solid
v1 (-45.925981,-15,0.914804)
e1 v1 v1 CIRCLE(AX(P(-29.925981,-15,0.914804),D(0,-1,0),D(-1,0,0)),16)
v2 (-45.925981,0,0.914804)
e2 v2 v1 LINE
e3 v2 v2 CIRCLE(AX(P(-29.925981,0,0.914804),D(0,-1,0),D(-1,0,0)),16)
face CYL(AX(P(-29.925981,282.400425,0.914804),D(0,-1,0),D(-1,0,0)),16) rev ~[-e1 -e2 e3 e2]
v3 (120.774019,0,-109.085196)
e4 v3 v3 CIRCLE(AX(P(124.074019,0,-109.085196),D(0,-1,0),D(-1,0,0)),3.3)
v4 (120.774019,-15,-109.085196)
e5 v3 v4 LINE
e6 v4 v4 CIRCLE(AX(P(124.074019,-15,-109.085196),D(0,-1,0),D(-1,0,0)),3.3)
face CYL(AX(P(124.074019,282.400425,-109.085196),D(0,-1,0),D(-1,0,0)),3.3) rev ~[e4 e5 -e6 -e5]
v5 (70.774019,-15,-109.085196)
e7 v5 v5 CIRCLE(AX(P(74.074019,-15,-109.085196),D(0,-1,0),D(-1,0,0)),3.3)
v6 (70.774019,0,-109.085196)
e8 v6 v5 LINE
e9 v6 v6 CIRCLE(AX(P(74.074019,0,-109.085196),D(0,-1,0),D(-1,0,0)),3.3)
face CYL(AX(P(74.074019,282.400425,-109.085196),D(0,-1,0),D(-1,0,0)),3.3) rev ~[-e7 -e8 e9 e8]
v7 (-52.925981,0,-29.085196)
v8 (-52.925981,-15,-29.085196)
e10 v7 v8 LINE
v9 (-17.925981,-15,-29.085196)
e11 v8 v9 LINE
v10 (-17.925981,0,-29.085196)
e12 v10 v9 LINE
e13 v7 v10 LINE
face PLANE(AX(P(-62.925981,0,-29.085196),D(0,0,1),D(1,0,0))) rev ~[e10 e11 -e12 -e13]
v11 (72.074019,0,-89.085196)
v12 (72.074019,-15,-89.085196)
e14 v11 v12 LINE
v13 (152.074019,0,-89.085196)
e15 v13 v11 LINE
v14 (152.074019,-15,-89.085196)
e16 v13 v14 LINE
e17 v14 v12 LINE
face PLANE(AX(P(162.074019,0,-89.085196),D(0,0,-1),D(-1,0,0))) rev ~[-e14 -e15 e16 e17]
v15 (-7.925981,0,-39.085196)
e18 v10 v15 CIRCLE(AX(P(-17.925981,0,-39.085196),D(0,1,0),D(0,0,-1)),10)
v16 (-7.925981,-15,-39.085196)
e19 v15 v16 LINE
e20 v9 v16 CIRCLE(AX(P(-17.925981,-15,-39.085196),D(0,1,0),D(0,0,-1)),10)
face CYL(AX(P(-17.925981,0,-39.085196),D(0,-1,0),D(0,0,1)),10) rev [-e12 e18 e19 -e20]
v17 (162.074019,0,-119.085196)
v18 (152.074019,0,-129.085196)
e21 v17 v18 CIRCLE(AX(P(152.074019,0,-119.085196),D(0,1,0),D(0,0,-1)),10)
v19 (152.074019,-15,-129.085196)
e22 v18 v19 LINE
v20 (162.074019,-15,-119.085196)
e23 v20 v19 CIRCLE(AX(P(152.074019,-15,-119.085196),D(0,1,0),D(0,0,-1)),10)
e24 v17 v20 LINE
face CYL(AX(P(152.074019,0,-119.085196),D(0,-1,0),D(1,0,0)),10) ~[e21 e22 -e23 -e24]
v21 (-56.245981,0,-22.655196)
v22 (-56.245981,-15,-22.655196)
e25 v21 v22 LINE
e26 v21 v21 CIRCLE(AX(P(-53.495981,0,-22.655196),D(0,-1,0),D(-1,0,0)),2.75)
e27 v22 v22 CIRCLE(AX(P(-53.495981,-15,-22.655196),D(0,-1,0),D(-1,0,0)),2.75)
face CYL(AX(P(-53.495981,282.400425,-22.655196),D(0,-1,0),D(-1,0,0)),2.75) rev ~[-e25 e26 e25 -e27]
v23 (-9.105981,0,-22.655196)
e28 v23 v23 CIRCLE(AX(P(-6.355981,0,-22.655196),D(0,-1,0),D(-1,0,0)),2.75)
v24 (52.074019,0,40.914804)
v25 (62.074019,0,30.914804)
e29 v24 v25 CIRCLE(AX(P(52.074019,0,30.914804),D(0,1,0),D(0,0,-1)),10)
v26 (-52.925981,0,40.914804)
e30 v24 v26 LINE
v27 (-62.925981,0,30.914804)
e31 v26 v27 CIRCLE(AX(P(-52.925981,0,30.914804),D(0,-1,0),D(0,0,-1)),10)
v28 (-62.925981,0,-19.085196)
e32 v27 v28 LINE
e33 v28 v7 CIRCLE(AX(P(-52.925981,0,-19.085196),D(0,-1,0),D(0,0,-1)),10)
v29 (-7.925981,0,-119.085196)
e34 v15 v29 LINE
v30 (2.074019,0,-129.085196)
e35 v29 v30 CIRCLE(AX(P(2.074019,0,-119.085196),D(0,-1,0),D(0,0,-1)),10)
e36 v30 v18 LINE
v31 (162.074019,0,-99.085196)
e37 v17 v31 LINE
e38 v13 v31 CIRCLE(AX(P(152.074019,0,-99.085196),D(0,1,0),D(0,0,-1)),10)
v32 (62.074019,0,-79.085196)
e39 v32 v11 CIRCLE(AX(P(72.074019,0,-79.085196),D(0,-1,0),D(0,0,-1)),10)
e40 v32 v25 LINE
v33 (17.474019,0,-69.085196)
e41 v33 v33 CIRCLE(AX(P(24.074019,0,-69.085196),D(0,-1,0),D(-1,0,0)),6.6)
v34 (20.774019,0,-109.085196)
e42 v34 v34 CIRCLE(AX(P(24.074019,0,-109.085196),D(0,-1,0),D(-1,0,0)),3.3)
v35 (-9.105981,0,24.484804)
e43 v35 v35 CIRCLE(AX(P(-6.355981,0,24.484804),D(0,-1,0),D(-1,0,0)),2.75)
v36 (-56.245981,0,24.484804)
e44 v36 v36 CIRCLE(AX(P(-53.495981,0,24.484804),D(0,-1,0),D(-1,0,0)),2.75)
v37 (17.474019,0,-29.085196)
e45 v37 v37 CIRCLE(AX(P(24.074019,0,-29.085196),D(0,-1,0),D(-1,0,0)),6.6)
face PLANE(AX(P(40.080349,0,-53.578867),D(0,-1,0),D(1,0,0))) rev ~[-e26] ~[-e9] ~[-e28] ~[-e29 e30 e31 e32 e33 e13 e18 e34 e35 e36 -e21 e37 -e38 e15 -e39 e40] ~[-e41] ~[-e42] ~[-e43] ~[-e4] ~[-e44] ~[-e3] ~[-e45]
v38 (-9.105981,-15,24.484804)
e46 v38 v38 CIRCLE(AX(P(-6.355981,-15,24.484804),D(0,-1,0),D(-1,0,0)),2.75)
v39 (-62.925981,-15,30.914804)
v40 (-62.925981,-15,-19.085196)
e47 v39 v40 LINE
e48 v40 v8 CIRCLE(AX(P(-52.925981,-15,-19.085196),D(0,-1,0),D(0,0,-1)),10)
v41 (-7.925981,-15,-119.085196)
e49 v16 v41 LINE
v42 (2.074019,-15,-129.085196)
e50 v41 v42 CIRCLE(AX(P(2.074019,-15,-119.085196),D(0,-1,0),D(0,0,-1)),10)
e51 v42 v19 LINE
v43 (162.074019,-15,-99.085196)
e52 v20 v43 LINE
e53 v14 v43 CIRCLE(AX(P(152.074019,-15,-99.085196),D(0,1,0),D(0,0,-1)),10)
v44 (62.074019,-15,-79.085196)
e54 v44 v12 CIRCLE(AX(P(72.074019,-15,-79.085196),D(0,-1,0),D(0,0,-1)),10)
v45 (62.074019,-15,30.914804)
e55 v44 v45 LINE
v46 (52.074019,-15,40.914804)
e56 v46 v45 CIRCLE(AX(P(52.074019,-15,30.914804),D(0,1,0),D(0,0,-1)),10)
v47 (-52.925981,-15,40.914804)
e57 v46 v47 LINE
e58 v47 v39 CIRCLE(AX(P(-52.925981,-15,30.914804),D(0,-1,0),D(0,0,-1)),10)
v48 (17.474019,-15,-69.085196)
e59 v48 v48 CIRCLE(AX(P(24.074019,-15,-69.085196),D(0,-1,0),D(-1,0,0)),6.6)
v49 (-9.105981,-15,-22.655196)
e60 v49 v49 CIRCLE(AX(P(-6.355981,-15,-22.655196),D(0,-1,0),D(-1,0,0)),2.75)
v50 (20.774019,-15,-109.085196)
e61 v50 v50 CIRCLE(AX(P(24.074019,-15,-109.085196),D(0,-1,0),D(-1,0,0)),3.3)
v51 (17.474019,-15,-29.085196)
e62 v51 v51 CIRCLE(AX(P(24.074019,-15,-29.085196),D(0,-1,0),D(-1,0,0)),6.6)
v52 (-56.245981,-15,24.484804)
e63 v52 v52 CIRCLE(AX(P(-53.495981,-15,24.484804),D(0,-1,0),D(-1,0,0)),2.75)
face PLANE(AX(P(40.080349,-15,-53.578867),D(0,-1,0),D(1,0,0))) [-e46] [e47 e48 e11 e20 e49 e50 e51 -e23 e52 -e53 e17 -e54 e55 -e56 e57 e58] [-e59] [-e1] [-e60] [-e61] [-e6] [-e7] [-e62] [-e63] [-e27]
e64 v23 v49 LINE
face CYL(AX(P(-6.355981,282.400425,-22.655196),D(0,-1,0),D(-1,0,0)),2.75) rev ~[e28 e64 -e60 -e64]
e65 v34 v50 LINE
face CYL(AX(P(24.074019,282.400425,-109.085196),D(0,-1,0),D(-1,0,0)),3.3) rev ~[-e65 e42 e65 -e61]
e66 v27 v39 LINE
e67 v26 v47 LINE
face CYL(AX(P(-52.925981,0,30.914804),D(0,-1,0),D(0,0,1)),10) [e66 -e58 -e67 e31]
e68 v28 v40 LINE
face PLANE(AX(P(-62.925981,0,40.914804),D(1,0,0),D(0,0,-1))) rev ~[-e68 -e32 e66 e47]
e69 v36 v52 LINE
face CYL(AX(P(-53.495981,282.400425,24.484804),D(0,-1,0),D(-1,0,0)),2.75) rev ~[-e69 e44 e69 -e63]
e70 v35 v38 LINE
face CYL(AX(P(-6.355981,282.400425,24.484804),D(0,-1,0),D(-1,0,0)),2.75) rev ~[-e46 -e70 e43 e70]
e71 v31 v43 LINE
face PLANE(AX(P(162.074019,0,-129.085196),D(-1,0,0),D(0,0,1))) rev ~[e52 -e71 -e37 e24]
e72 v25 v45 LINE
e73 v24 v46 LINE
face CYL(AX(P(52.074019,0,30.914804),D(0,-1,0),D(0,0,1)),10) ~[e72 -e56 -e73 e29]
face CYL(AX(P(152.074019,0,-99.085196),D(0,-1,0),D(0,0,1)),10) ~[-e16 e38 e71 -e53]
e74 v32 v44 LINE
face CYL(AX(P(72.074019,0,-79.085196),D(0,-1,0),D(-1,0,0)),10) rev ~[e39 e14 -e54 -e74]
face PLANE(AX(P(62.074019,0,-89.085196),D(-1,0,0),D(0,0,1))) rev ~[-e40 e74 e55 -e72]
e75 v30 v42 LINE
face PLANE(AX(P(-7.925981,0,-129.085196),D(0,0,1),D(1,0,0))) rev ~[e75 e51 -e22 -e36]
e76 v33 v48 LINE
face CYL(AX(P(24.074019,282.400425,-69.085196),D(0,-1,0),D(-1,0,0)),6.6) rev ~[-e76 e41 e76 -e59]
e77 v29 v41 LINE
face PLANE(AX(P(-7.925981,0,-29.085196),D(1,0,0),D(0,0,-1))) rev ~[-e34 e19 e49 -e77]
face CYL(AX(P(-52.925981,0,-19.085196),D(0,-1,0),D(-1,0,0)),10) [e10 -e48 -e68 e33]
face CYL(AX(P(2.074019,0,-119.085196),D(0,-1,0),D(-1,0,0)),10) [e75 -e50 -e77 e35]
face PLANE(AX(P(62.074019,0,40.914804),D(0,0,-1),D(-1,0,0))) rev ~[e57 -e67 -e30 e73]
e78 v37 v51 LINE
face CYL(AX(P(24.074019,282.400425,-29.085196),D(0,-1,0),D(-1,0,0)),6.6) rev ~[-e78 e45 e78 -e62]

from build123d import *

# Parameters (mm, degrees)
F1_DEPTH = 15
F2_D     = 13.2
F3_D     = 6.6
F4_R     = 10
F5_D     = 32
F6_D     = 5.5


with BuildPart() as f1:
    # F0 (on Front) → F1 (new body)
    with BuildSketch(Plane.XZ):
        Polygon((62.0740194619, 40.9148037434), (-57.9259805381, 40.9148037434), (-62.9259805381, 40.9148037434), (-62.9259805381, -29.0851962566), (-57.9259805381, -29.0851962566), (-7.9259805381, -29.0851962566), (-7.9259805381, -129.0851962566), (162.0740194619, -129.0851962566), (162.0740194619, -89.0851962566), (62.0740194619, -89.0851962566), align=None)
    extrude(amount=F1_DEPTH)

    # F2 (through all)
    with Locations(Plane(origin=(0, 0, 0), x_dir=(1, 0, 0), z_dir=(0, 1, 0))):
        with Locations((24.0740194619, 69.0851962566), (24.0740194619, 29.0851962566)):
            Hole(F2_D / 2)

    # F3 (through all)
    with Locations(Plane(origin=(0, 0, 0), x_dir=(1, 0, 0), z_dir=(0, 1, 0))):
        with Locations((24.0740194619, 109.0851962566), (74.0740194619, 109.0851962566), (124.0740194619, 109.0851962566)):
            Hole(F3_D / 2)

    # F4
    f4_edges = [f1.edges().sort_by_distance(p)[0] for p in [
        (62.074019, -7.5, 40.914804),
        (62.074019, -7.5, -89.085196),
        (162.074019, -7.5, -129.085196),
        (162.074019, -7.5, -89.085196),
        (-7.925981, -7.5, -129.085196),
        (-7.925981, -7.5, -29.085196),
        (-62.925981, -7.5, 40.914804),
        (-62.925981, -7.5, -29.085196),
    ]]
    fillet(f4_edges, radius=F4_R)

    # F5 (through all)
    with Locations(Plane(origin=(0, 0, 0), x_dir=(1, 0, 0), z_dir=(0, 1, 0))):
        with Locations((-29.9259805381, -0.9148037434)):
            Hole(F5_D / 2)

    # F6 (through all)
    with Locations(Plane(origin=(0, 0, 0), x_dir=(1, 0, 0), z_dir=(0, 1, 0))):
        with Locations((-53.4959805381, -24.4848037434), (-6.3559805381, -24.4848037434), (-6.3559805381, 22.6551962566), (-53.4959805381, 22.6551962566)):
            Hole(F6_D / 2)


solid = f1.part
